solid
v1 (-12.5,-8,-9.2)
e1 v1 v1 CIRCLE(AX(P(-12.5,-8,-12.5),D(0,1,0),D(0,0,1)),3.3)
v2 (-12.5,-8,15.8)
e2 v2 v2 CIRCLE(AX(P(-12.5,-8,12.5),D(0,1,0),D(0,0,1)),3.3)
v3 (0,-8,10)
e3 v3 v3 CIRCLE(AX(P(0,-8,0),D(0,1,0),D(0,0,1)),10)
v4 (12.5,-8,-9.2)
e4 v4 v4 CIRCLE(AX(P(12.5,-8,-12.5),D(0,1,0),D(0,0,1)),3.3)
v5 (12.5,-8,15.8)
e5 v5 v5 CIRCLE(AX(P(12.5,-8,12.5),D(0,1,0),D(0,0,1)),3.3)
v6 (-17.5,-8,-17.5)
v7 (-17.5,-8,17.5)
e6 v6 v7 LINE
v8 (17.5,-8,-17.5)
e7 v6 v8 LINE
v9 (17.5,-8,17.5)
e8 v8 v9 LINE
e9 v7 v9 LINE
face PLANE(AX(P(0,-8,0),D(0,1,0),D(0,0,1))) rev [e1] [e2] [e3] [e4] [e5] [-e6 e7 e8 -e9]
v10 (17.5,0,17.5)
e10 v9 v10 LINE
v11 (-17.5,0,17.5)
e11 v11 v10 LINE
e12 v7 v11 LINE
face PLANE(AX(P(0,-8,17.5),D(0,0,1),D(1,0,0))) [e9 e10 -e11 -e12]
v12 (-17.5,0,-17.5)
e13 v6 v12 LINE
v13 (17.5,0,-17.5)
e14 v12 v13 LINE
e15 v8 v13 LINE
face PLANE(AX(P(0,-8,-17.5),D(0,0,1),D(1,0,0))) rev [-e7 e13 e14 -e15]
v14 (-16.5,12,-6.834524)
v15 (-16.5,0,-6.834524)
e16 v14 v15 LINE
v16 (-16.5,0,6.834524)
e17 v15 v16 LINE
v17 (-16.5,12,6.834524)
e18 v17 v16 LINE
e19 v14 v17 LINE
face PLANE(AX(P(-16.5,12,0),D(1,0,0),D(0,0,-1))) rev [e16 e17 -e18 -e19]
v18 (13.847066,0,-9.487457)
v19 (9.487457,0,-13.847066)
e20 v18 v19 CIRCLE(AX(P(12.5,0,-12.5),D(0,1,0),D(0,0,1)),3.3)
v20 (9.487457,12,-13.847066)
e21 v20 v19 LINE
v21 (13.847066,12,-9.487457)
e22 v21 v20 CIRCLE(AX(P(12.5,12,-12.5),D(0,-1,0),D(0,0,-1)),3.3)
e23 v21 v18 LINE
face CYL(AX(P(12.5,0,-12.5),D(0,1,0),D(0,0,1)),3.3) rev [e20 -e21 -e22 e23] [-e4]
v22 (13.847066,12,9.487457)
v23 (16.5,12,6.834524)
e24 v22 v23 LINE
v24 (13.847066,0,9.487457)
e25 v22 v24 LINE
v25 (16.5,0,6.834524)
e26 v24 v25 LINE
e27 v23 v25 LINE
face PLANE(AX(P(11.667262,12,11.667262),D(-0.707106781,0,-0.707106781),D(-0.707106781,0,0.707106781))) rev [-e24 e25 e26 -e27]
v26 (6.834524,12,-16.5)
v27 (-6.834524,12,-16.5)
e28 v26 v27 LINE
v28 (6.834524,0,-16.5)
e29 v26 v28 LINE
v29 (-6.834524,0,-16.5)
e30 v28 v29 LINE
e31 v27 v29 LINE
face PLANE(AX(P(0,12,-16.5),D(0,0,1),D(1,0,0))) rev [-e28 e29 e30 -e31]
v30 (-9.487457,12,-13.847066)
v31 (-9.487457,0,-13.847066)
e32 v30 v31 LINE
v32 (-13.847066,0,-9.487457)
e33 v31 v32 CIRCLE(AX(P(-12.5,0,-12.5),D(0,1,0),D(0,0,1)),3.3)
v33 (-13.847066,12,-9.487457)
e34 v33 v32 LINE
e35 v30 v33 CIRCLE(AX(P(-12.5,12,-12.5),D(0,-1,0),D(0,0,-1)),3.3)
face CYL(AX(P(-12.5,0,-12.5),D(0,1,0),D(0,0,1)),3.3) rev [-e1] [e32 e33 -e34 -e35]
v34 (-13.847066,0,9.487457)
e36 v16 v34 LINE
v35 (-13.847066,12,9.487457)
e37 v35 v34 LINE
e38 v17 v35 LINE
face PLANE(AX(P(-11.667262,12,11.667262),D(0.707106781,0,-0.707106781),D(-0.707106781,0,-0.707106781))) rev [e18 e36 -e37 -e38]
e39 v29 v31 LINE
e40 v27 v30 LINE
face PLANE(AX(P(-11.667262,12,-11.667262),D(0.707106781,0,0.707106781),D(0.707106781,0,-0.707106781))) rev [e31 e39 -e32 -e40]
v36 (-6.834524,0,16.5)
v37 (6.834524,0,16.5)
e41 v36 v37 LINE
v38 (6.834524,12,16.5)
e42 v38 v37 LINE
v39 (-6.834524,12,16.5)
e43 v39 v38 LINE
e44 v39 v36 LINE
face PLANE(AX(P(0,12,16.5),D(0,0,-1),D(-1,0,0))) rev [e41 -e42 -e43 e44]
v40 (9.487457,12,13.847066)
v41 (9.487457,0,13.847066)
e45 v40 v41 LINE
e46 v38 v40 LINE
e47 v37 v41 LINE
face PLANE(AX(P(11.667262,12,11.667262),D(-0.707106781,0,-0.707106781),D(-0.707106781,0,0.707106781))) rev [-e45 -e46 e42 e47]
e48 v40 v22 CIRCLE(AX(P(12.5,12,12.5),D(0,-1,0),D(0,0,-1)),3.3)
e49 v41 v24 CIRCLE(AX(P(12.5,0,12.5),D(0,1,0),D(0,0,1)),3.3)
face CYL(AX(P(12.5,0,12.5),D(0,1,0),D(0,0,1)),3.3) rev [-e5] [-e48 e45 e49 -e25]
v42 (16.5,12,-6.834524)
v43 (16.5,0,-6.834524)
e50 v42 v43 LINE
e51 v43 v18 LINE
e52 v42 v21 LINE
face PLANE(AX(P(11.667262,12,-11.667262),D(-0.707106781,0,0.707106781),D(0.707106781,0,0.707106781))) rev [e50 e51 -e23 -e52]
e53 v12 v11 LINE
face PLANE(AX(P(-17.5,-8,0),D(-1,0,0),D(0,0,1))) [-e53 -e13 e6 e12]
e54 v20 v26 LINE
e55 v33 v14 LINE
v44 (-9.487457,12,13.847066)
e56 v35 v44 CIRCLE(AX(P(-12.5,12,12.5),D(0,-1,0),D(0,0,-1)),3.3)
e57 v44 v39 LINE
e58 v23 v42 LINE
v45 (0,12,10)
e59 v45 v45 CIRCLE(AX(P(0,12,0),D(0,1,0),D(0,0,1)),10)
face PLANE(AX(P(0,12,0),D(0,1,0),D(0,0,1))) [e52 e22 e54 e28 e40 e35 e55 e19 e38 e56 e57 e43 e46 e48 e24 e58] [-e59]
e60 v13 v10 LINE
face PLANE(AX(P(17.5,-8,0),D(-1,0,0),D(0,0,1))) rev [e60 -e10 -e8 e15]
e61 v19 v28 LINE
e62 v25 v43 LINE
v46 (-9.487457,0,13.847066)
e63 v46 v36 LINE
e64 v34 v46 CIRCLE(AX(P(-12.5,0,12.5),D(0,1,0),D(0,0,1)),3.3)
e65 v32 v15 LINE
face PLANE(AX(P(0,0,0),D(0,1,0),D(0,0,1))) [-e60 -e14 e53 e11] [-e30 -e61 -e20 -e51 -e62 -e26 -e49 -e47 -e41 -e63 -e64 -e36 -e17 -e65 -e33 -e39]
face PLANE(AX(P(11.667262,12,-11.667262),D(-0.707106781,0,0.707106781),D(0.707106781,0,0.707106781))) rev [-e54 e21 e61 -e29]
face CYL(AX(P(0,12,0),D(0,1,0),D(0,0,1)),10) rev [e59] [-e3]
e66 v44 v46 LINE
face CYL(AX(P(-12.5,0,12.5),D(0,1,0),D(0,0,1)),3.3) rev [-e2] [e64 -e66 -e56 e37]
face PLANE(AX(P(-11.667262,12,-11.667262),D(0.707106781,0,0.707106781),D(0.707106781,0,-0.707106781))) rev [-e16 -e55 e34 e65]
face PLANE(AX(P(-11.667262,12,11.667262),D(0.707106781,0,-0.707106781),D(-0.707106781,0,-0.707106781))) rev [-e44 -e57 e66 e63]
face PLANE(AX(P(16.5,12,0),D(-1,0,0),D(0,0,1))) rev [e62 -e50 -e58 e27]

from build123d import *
from build123d.topology import SkipClean

# Parameters (mm, degrees)
SKETCH1_W               = 35
SKETCH1_H               = 35
BOSS_EXTRUDE1_DEPTH     = 8
BOSS_EXTRUDE2_DEPTH     = 12
M18_CLEARANCE_HOLE1_D   = 20
SKETCH5_W               = 3.3
SKETCH5_H               = 8
CUT_EXTRUDE1_DEPTH      = 28.504545079
MIRROR5_COPY_1_SKETCH_W = 3.3
MIRROR5_COPY_1_SKETCH_H = 8
CUT_EXTRUDE2_DEPTH      = 28.504545079


with BuildPart() as part:
    # Sketch1 → Boss-Extrude1 (new body)
    with BuildSketch(Plane(origin=(0, 0, 0), x_dir=(1, 0, 0), z_dir=(0, 1, 0))):
        Rectangle(SKETCH1_W, SKETCH1_H)
    extrude(amount=-BOSS_EXTRUDE1_DEPTH)

    # Sketch1<3> → Boss-Extrude2 (add)
    with BuildSketch(Plane(origin=(0, 0, 0), x_dir=(1, 0, 0), z_dir=(0, 1, 0))):
        Polygon((-16.5, 6.834523779), (-16.5, -6.834523779), (-6.834523779, -16.5), (6.834523779, -16.5), (16.5, -6.834523779), (16.5, 6.834523779), (6.834523779, 16.5), (-6.834523779, 16.5), align=None)
    extrude(amount=BOSS_EXTRUDE2_DEPTH)

    # M18 Clearance Hole1 (through all)
    with Locations(Plane(origin=(0, 12, 0), x_dir=(1, 0, 0), z_dir=(0, 1, 0))):
        with Locations((0, 0)):
            Hole(M18_CLEARANCE_HOLE1_D / 2)

    # Sketch5 → M6 Clearance Hole1 (revolve, cut)
    with BuildSketch(Plane(origin=(-12.5, 0, -12.5), x_dir=(0, 0, 1), z_dir=(1, 0, 0))):
        with Locations((1.65, 4)):
            Rectangle(SKETCH5_W, SKETCH5_H)
    m6_clearance_hole1 = revolve(axis=Axis((-12.5, 6.35, -12.5), (0, -1, 0)), mode=Mode.SUBTRACT)

    # Sketch6 → Cut-Extrude1 (cut, through all)
    with SkipClean():  # the faces are left unmerged after this step: merging them gives an invalid solid
        with BuildSketch(Plane.XZ):
            with BuildLine():
                Line((-13.847066294, -9.487457486), (-9.487457486, -13.847066294))
                ThreePointArc((-9.487457486, -13.847066294), (-10.166547622, -10.166547622), (-13.847066294, -9.487457486))
            make_face()
        extrude(amount=-CUT_EXTRUDE1_DEPTH, mode=Mode.SUBTRACT)

    # Mirror4: M6 Clearance Hole1 across plane
    with SkipClean():  # the faces are left unmerged after this step: merging them gives an invalid solid
        add(m6_clearance_hole1.mirror(Plane(origin=(0, 0, 0), x_dir=(0, 0, 1), z_dir=(1, 0, 0))), mode=Mode.SUBTRACT)

    # Mirror5: M6 Clearance Hole1 across plane
    with SkipClean():  # the faces are left unmerged after this step: merging them gives an invalid solid
        add(m6_clearance_hole1.mirror(Plane.XY), mode=Mode.SUBTRACT)

    # Mirror5 copy 1 sketch → Mirror5 copy 1 (revolve, cut)
    with SkipClean():  # the faces are left unmerged after this step: merging them gives an invalid solid
        with BuildSketch(Plane(origin=(12.5, 0, 12.5), x_dir=(0, 0, -1), z_dir=(-1, 0, 0))):
            with Locations((1.65, 4)):
                Rectangle(MIRROR5_COPY_1_SKETCH_W, MIRROR5_COPY_1_SKETCH_H)
        revolve(axis=Axis((12.5, 6.35, 12.5), (0, -1, 0)), mode=Mode.SUBTRACT)

    # Sketch7 → Cut-Extrude2 (cut, through all)
    with SkipClean():  # the faces are left unmerged after this step: merging them gives an invalid solid
        with BuildSketch(Plane.XZ):
            with BuildLine():
                Line((-9.487457486, 13.847066294), (-13.847066294, 9.487457486))
                ThreePointArc((-13.847066294, 9.487457486), (-10.166547622, 10.166547622), (-9.487457486, 13.847066294))
            make_face()
            with BuildLine():
                Line((13.847066294, 9.487457486), (9.487457486, 13.847066294))
                ThreePointArc((9.487457486, 13.847066294), (10.166547622, 10.166547622), (13.847066294, 9.487457486))
            make_face()
            with BuildLine():
                Line((9.487457486, -13.847066294), (13.847066294, -9.487457486))
                ThreePointArc((13.847066294, -9.487457486), (10.166547622, -10.166547622), (9.487457486, -13.847066294))
            make_face()
        extrude(amount=-CUT_EXTRUDE2_DEPTH, mode=Mode.SUBTRACT)


solid = part.part
